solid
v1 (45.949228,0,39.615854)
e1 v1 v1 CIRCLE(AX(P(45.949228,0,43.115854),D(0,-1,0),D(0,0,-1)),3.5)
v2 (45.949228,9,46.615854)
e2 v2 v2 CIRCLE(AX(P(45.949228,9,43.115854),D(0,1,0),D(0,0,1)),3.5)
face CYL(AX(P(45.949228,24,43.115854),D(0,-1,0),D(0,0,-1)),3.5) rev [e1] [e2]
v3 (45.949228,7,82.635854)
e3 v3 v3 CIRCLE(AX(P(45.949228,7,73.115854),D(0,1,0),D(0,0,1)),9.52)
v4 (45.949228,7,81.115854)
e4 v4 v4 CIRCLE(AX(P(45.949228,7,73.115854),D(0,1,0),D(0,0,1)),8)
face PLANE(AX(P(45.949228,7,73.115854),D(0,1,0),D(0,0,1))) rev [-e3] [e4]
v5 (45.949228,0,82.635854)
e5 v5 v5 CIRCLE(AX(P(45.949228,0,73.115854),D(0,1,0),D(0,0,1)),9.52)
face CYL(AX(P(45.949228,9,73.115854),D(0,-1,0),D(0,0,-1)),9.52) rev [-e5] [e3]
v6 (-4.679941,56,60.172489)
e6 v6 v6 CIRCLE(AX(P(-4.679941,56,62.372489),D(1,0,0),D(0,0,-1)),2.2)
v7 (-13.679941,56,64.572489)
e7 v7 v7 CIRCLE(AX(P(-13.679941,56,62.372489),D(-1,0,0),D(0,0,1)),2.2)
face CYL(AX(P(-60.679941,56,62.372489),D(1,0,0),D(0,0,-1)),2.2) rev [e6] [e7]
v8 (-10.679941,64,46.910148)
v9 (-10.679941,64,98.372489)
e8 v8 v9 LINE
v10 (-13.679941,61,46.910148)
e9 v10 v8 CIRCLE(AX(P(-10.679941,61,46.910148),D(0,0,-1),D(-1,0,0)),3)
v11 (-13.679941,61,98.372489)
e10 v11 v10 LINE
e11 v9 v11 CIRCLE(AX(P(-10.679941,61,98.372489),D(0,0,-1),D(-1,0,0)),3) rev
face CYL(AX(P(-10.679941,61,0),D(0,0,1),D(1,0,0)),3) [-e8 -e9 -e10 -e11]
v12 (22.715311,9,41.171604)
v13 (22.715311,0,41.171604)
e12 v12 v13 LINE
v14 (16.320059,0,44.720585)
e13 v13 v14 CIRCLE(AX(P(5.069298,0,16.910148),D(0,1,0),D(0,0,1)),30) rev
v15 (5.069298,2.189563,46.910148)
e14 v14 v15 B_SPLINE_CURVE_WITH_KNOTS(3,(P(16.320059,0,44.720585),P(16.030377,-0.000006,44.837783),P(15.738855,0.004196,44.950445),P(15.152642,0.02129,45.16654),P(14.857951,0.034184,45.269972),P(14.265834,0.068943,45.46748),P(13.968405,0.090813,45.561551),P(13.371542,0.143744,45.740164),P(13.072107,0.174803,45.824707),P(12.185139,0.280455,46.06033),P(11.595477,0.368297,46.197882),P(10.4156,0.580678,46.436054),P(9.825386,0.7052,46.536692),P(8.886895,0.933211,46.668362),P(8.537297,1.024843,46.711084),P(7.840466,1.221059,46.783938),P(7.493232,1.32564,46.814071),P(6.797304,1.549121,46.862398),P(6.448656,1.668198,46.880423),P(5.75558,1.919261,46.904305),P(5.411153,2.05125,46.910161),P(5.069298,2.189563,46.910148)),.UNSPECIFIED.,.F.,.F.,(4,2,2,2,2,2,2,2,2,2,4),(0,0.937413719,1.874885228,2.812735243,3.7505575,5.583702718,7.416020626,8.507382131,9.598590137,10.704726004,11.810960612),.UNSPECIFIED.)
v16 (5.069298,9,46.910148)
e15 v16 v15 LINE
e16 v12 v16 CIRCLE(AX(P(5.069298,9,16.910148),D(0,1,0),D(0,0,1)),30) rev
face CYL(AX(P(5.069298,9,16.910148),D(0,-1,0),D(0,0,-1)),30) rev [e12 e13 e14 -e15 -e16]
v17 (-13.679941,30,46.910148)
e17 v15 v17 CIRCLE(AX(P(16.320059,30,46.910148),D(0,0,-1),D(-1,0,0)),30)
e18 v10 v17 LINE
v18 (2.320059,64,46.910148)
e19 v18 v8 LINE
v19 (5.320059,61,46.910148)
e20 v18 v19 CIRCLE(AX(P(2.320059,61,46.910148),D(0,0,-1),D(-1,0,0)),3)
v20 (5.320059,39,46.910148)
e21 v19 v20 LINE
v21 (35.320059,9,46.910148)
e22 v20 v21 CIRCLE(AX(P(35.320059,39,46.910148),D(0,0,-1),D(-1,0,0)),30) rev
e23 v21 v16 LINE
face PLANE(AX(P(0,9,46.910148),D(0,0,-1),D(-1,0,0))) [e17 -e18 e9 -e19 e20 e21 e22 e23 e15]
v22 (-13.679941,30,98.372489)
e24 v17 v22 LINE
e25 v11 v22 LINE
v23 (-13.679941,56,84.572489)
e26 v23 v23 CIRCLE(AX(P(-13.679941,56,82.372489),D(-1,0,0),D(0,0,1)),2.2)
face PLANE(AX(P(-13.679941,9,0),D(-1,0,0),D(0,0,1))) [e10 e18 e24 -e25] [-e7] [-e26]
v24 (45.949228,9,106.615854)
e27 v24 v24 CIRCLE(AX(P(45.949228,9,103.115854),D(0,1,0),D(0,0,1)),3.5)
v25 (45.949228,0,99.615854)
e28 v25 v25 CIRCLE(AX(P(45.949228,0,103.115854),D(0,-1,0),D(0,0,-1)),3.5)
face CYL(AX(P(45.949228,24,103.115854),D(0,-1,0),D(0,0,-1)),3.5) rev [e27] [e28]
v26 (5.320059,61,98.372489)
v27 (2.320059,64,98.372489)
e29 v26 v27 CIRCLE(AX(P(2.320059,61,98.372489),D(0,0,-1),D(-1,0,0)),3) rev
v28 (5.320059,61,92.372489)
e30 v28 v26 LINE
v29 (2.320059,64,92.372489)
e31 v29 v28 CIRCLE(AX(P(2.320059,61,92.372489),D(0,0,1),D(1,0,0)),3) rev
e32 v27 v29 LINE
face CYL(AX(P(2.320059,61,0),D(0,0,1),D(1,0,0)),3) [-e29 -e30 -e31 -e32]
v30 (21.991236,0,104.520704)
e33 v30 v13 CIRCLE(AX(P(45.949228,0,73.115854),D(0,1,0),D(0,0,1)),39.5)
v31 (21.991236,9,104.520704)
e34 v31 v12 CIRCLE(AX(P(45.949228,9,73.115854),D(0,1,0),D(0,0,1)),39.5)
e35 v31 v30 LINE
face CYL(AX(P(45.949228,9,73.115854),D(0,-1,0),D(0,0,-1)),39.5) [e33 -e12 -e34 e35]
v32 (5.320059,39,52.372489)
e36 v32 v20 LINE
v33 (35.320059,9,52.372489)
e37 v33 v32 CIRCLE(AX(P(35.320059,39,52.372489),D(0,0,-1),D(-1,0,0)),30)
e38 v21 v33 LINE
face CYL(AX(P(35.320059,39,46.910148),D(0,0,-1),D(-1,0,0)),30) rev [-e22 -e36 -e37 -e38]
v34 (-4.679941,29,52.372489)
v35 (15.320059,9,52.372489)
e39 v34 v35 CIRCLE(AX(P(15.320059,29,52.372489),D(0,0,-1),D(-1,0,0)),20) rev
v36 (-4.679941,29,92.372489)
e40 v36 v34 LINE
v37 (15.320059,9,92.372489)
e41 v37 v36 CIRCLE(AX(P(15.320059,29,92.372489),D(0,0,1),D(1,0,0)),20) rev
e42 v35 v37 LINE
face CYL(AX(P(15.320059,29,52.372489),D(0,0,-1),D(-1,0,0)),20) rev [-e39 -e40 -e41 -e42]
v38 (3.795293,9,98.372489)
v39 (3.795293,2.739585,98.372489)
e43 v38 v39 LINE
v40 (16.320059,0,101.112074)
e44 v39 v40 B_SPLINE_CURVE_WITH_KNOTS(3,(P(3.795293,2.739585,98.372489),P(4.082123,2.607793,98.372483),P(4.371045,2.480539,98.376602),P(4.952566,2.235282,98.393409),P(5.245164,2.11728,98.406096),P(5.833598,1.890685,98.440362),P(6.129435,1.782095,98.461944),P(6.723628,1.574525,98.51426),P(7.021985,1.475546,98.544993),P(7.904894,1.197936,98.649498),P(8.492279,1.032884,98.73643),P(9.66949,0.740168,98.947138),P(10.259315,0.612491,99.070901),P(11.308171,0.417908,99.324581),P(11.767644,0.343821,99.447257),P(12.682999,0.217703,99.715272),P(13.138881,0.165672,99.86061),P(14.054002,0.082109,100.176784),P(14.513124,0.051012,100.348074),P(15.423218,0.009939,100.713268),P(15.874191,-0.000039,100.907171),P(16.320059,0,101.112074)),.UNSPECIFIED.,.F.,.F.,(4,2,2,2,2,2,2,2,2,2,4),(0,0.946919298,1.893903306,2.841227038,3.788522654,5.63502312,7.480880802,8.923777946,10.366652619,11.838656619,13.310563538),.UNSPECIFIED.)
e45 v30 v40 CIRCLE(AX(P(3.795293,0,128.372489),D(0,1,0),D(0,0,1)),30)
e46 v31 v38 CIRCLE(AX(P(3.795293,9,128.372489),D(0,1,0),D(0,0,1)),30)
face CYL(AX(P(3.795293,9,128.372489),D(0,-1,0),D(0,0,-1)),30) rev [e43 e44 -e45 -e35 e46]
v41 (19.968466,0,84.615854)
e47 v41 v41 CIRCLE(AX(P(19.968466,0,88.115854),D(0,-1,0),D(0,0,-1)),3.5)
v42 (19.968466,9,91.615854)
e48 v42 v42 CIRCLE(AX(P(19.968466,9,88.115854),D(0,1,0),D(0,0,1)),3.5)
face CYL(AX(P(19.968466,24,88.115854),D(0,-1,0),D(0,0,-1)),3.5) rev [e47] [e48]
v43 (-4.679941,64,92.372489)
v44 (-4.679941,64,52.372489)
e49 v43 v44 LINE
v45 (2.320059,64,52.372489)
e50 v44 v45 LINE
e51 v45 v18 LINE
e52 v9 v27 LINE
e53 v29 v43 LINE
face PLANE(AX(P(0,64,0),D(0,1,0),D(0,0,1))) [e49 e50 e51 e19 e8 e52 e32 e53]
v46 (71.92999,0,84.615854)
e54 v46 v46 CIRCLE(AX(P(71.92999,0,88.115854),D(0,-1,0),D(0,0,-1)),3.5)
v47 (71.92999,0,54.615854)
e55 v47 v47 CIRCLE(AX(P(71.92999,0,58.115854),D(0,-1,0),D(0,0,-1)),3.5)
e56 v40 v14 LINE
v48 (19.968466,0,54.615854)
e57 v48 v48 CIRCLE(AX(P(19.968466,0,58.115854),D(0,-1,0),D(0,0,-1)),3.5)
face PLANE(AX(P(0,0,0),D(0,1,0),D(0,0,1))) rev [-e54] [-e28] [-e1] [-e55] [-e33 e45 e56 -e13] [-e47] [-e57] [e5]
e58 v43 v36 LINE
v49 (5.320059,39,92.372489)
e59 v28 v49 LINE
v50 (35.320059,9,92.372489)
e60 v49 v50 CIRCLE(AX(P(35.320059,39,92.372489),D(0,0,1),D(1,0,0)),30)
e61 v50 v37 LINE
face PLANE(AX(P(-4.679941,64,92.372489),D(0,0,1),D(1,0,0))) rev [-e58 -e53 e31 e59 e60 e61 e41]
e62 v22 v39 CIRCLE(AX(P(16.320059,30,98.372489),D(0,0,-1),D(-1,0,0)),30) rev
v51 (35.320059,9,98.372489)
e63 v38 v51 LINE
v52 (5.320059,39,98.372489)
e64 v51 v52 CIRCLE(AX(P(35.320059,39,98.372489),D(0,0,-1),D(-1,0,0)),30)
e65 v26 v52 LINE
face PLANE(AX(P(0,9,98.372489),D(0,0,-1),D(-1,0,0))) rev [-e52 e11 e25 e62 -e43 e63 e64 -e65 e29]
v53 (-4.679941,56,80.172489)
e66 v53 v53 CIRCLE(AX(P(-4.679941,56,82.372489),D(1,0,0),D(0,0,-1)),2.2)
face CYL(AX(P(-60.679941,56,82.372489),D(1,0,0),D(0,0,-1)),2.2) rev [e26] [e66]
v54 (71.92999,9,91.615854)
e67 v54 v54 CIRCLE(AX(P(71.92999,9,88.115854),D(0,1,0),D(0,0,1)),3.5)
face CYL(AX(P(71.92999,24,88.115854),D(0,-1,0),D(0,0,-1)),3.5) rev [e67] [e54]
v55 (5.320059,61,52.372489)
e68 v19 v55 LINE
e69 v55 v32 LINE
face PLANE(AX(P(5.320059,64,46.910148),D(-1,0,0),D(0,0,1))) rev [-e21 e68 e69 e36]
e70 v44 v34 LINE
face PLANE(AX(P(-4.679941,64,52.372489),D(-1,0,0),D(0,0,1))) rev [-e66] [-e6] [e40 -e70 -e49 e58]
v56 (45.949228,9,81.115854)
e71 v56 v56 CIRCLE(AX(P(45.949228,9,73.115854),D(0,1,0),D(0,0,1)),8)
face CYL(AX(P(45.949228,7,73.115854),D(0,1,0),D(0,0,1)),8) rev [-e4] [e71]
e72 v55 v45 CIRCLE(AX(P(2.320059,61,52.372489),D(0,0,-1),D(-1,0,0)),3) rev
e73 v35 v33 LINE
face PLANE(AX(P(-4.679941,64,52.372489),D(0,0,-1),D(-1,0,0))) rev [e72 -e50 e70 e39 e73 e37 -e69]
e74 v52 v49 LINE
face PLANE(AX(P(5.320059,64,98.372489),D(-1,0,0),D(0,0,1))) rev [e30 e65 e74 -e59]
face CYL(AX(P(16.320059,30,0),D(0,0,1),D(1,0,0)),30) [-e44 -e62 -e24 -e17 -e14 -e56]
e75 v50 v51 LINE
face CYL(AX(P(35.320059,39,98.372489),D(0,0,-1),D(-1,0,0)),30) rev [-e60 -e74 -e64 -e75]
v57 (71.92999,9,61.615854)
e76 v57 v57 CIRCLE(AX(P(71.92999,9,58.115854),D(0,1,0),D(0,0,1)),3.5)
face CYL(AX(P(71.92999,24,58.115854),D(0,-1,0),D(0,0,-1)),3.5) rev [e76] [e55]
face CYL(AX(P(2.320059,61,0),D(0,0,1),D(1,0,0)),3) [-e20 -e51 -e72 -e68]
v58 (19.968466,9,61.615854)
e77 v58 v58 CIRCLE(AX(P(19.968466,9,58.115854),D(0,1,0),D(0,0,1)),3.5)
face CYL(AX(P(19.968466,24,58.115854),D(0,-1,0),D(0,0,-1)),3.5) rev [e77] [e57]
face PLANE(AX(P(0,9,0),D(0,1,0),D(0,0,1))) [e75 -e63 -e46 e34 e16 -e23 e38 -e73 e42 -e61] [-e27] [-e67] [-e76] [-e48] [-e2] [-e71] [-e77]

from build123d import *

# Parameters (mm, degrees)
SKETCH1_R           = 9.52
BOSS_EXTRUDE1_DEPTH = 9
BOSS_EXTRUDE2_DEPTH = 55
FILLET1_R           = 30
FILLET2_R           = 20
FILLET3_R           = 30
FILLET8_R           = 3
SKETCH3_R           = 2.2
CUT_EXTRUDE1_DEPTH  = 56
BOSS_EXTRUDE3_START = -2
SKETCH4_R           = 9.52
SKETCH4_R_2         = 8
BOSS_EXTRUDE3_DEPTH = 2
SKETCH5_R           = 3.5
CUT_EXTRUDE2_DEPTH  = 24


with BuildPart() as part:
    # Sketch1 → Boss-Extrude1 (new body)
    with BuildSketch(Plane(origin=(0, 0, 0), x_dir=(1, 0, 0), z_dir=(0, 1, 0))):
        with BuildLine():
            ThreePointArc((21.991235952, -104.520703773), (13.398585056, -99.951074742), (3.795292642, -98.372488761))
            Line((3.795292642, -98.372488761), (-13.679941451, -98.372488761))
            Line((-13.679941451, -98.372488761), (-13.679941451, -46.910148214))
            Line((-13.679941451, -46.910148214), (5.06929783, -46.910148214))
            ThreePointArc((5.06929783, -46.910148214), (14.347129848, -45.439463541), (22.715310843, -41.171603751))
            ThreePointArc((22.715310843, -41.171603751), (85.44664803, -73.567305733), (21.991235952, -104.520703773))
        make_face()
        with Locations(Location((45.949227976, -73.115853541, 0), (0, 0, 270))):
            Circle(SKETCH1_R, mode=Mode.SUBTRACT)
    extrude(amount=BOSS_EXTRUDE1_DEPTH)

    # Sketch2 → Boss-Extrude2 (add)
    with BuildSketch(Plane(origin=(0, 9, 0), x_dir=(1, 0, 0), z_dir=(0, 1, 0))):
        Polygon((-13.679941451, -46.910148214), (-4.679941451, -46.910148214), (5.320058549, -46.910148214), (5.320058549, -52.372488761), (-4.679941451, -52.372488761), (-4.679941451, -92.372488761), (5.320058549, -92.372488761), (5.320058549, -98.372488761), (-4.679941451, -98.372488761), (-13.679941451, -98.372488761), align=None)
    extrude(amount=BOSS_EXTRUDE2_DEPTH)

    # Fillet1
    fillet1_edges = [part.edges().sort_by_distance(p)[0] for p in [
        (5.320058549, 9, 95.372488761),
        (5.320058549, 9, 49.641318487),
    ]]
    fillet(fillet1_edges, radius=FILLET1_R)

    # Fillet2
    fillet2_edges = [part.edges().sort_by_distance(p)[0] for p in [
        (-4.679941451, 9, 72.372488761),
    ]]
    fillet(fillet2_edges, radius=FILLET2_R)

    # Fillet3
    fillet3_edges = [part.edges().sort_by_distance(p)[0] for p in [
        (-13.679941451, 0, 72.641318487),
    ]]
    fillet(fillet3_edges, radius=FILLET3_R)

    # Fillet8
    fillet8_edges = [part.edges().sort_by_distance(p)[0] for p in [
        (-13.679941451, 64, 72.641318487),
        (5.320058549, 64, 95.372488761),
        (5.320058549, 64, 49.641318487),
    ]]
    fillet(fillet8_edges, radius=FILLET8_R)

    # Sketch3 → Cut-Extrude1 (cut)
    with BuildSketch(Plane(origin=(-4.679941451, 0, 0), x_dir=(0, 0, -1), z_dir=(1, 0, 0))):
        with Locations((-62.372488761, 56)):
            Circle(SKETCH3_R)
        with Locations((-82.372488761, 56)):
            Circle(SKETCH3_R)
    extrude(amount=-CUT_EXTRUDE1_DEPTH, mode=Mode.SUBTRACT)

    # Sketch4 → Boss-Extrude3 (add)
    with BuildSketch(Plane(origin=(0, 9, 0), x_dir=(1, 0, 0), z_dir=(0, 1, 0)).offset(BOSS_EXTRUDE3_START)):
        with Locations(Location((45.949227976, -73.115853541, 0), (0, 0, 270))):
            Circle(SKETCH4_R)
        with Locations(Location((45.949227976, -73.115853541, 0), (0, 0, 270))):
            Circle(SKETCH4_R_2, mode=Mode.SUBTRACT)
    extrude(amount=BOSS_EXTRUDE3_DEPTH)

    # Sketch5 → Cut-Extrude2 (cut)
    with BuildSketch(Plane.XZ):
        with Locations(Location((19.968465863, 88.115853541, 0), (0, 0, 270))):
            Circle(SKETCH5_R)
        with Locations(Location((45.949227976, 103.115853541, 0), (0, 0, 270))):
            Circle(SKETCH5_R)
        with Locations(Location((71.92999009, 88.115853541, 0), (0, 0, 270))):
            Circle(SKETCH5_R)
        with Locations(Location((71.92999009, 58.115853541, 0), (0, 0, 270))):
            Circle(SKETCH5_R)
        with Locations(Location((45.949227976, 43.115853541, 0), (0, 0, 270))):
            Circle(SKETCH5_R)
        with Locations(Location((19.968465863, 58.115853541, 0), (0, 0, 270))):
            Circle(SKETCH5_R)
    extrude(amount=-CUT_EXTRUDE2_DEPTH, mode=Mode.SUBTRACT)


solid = part.part
